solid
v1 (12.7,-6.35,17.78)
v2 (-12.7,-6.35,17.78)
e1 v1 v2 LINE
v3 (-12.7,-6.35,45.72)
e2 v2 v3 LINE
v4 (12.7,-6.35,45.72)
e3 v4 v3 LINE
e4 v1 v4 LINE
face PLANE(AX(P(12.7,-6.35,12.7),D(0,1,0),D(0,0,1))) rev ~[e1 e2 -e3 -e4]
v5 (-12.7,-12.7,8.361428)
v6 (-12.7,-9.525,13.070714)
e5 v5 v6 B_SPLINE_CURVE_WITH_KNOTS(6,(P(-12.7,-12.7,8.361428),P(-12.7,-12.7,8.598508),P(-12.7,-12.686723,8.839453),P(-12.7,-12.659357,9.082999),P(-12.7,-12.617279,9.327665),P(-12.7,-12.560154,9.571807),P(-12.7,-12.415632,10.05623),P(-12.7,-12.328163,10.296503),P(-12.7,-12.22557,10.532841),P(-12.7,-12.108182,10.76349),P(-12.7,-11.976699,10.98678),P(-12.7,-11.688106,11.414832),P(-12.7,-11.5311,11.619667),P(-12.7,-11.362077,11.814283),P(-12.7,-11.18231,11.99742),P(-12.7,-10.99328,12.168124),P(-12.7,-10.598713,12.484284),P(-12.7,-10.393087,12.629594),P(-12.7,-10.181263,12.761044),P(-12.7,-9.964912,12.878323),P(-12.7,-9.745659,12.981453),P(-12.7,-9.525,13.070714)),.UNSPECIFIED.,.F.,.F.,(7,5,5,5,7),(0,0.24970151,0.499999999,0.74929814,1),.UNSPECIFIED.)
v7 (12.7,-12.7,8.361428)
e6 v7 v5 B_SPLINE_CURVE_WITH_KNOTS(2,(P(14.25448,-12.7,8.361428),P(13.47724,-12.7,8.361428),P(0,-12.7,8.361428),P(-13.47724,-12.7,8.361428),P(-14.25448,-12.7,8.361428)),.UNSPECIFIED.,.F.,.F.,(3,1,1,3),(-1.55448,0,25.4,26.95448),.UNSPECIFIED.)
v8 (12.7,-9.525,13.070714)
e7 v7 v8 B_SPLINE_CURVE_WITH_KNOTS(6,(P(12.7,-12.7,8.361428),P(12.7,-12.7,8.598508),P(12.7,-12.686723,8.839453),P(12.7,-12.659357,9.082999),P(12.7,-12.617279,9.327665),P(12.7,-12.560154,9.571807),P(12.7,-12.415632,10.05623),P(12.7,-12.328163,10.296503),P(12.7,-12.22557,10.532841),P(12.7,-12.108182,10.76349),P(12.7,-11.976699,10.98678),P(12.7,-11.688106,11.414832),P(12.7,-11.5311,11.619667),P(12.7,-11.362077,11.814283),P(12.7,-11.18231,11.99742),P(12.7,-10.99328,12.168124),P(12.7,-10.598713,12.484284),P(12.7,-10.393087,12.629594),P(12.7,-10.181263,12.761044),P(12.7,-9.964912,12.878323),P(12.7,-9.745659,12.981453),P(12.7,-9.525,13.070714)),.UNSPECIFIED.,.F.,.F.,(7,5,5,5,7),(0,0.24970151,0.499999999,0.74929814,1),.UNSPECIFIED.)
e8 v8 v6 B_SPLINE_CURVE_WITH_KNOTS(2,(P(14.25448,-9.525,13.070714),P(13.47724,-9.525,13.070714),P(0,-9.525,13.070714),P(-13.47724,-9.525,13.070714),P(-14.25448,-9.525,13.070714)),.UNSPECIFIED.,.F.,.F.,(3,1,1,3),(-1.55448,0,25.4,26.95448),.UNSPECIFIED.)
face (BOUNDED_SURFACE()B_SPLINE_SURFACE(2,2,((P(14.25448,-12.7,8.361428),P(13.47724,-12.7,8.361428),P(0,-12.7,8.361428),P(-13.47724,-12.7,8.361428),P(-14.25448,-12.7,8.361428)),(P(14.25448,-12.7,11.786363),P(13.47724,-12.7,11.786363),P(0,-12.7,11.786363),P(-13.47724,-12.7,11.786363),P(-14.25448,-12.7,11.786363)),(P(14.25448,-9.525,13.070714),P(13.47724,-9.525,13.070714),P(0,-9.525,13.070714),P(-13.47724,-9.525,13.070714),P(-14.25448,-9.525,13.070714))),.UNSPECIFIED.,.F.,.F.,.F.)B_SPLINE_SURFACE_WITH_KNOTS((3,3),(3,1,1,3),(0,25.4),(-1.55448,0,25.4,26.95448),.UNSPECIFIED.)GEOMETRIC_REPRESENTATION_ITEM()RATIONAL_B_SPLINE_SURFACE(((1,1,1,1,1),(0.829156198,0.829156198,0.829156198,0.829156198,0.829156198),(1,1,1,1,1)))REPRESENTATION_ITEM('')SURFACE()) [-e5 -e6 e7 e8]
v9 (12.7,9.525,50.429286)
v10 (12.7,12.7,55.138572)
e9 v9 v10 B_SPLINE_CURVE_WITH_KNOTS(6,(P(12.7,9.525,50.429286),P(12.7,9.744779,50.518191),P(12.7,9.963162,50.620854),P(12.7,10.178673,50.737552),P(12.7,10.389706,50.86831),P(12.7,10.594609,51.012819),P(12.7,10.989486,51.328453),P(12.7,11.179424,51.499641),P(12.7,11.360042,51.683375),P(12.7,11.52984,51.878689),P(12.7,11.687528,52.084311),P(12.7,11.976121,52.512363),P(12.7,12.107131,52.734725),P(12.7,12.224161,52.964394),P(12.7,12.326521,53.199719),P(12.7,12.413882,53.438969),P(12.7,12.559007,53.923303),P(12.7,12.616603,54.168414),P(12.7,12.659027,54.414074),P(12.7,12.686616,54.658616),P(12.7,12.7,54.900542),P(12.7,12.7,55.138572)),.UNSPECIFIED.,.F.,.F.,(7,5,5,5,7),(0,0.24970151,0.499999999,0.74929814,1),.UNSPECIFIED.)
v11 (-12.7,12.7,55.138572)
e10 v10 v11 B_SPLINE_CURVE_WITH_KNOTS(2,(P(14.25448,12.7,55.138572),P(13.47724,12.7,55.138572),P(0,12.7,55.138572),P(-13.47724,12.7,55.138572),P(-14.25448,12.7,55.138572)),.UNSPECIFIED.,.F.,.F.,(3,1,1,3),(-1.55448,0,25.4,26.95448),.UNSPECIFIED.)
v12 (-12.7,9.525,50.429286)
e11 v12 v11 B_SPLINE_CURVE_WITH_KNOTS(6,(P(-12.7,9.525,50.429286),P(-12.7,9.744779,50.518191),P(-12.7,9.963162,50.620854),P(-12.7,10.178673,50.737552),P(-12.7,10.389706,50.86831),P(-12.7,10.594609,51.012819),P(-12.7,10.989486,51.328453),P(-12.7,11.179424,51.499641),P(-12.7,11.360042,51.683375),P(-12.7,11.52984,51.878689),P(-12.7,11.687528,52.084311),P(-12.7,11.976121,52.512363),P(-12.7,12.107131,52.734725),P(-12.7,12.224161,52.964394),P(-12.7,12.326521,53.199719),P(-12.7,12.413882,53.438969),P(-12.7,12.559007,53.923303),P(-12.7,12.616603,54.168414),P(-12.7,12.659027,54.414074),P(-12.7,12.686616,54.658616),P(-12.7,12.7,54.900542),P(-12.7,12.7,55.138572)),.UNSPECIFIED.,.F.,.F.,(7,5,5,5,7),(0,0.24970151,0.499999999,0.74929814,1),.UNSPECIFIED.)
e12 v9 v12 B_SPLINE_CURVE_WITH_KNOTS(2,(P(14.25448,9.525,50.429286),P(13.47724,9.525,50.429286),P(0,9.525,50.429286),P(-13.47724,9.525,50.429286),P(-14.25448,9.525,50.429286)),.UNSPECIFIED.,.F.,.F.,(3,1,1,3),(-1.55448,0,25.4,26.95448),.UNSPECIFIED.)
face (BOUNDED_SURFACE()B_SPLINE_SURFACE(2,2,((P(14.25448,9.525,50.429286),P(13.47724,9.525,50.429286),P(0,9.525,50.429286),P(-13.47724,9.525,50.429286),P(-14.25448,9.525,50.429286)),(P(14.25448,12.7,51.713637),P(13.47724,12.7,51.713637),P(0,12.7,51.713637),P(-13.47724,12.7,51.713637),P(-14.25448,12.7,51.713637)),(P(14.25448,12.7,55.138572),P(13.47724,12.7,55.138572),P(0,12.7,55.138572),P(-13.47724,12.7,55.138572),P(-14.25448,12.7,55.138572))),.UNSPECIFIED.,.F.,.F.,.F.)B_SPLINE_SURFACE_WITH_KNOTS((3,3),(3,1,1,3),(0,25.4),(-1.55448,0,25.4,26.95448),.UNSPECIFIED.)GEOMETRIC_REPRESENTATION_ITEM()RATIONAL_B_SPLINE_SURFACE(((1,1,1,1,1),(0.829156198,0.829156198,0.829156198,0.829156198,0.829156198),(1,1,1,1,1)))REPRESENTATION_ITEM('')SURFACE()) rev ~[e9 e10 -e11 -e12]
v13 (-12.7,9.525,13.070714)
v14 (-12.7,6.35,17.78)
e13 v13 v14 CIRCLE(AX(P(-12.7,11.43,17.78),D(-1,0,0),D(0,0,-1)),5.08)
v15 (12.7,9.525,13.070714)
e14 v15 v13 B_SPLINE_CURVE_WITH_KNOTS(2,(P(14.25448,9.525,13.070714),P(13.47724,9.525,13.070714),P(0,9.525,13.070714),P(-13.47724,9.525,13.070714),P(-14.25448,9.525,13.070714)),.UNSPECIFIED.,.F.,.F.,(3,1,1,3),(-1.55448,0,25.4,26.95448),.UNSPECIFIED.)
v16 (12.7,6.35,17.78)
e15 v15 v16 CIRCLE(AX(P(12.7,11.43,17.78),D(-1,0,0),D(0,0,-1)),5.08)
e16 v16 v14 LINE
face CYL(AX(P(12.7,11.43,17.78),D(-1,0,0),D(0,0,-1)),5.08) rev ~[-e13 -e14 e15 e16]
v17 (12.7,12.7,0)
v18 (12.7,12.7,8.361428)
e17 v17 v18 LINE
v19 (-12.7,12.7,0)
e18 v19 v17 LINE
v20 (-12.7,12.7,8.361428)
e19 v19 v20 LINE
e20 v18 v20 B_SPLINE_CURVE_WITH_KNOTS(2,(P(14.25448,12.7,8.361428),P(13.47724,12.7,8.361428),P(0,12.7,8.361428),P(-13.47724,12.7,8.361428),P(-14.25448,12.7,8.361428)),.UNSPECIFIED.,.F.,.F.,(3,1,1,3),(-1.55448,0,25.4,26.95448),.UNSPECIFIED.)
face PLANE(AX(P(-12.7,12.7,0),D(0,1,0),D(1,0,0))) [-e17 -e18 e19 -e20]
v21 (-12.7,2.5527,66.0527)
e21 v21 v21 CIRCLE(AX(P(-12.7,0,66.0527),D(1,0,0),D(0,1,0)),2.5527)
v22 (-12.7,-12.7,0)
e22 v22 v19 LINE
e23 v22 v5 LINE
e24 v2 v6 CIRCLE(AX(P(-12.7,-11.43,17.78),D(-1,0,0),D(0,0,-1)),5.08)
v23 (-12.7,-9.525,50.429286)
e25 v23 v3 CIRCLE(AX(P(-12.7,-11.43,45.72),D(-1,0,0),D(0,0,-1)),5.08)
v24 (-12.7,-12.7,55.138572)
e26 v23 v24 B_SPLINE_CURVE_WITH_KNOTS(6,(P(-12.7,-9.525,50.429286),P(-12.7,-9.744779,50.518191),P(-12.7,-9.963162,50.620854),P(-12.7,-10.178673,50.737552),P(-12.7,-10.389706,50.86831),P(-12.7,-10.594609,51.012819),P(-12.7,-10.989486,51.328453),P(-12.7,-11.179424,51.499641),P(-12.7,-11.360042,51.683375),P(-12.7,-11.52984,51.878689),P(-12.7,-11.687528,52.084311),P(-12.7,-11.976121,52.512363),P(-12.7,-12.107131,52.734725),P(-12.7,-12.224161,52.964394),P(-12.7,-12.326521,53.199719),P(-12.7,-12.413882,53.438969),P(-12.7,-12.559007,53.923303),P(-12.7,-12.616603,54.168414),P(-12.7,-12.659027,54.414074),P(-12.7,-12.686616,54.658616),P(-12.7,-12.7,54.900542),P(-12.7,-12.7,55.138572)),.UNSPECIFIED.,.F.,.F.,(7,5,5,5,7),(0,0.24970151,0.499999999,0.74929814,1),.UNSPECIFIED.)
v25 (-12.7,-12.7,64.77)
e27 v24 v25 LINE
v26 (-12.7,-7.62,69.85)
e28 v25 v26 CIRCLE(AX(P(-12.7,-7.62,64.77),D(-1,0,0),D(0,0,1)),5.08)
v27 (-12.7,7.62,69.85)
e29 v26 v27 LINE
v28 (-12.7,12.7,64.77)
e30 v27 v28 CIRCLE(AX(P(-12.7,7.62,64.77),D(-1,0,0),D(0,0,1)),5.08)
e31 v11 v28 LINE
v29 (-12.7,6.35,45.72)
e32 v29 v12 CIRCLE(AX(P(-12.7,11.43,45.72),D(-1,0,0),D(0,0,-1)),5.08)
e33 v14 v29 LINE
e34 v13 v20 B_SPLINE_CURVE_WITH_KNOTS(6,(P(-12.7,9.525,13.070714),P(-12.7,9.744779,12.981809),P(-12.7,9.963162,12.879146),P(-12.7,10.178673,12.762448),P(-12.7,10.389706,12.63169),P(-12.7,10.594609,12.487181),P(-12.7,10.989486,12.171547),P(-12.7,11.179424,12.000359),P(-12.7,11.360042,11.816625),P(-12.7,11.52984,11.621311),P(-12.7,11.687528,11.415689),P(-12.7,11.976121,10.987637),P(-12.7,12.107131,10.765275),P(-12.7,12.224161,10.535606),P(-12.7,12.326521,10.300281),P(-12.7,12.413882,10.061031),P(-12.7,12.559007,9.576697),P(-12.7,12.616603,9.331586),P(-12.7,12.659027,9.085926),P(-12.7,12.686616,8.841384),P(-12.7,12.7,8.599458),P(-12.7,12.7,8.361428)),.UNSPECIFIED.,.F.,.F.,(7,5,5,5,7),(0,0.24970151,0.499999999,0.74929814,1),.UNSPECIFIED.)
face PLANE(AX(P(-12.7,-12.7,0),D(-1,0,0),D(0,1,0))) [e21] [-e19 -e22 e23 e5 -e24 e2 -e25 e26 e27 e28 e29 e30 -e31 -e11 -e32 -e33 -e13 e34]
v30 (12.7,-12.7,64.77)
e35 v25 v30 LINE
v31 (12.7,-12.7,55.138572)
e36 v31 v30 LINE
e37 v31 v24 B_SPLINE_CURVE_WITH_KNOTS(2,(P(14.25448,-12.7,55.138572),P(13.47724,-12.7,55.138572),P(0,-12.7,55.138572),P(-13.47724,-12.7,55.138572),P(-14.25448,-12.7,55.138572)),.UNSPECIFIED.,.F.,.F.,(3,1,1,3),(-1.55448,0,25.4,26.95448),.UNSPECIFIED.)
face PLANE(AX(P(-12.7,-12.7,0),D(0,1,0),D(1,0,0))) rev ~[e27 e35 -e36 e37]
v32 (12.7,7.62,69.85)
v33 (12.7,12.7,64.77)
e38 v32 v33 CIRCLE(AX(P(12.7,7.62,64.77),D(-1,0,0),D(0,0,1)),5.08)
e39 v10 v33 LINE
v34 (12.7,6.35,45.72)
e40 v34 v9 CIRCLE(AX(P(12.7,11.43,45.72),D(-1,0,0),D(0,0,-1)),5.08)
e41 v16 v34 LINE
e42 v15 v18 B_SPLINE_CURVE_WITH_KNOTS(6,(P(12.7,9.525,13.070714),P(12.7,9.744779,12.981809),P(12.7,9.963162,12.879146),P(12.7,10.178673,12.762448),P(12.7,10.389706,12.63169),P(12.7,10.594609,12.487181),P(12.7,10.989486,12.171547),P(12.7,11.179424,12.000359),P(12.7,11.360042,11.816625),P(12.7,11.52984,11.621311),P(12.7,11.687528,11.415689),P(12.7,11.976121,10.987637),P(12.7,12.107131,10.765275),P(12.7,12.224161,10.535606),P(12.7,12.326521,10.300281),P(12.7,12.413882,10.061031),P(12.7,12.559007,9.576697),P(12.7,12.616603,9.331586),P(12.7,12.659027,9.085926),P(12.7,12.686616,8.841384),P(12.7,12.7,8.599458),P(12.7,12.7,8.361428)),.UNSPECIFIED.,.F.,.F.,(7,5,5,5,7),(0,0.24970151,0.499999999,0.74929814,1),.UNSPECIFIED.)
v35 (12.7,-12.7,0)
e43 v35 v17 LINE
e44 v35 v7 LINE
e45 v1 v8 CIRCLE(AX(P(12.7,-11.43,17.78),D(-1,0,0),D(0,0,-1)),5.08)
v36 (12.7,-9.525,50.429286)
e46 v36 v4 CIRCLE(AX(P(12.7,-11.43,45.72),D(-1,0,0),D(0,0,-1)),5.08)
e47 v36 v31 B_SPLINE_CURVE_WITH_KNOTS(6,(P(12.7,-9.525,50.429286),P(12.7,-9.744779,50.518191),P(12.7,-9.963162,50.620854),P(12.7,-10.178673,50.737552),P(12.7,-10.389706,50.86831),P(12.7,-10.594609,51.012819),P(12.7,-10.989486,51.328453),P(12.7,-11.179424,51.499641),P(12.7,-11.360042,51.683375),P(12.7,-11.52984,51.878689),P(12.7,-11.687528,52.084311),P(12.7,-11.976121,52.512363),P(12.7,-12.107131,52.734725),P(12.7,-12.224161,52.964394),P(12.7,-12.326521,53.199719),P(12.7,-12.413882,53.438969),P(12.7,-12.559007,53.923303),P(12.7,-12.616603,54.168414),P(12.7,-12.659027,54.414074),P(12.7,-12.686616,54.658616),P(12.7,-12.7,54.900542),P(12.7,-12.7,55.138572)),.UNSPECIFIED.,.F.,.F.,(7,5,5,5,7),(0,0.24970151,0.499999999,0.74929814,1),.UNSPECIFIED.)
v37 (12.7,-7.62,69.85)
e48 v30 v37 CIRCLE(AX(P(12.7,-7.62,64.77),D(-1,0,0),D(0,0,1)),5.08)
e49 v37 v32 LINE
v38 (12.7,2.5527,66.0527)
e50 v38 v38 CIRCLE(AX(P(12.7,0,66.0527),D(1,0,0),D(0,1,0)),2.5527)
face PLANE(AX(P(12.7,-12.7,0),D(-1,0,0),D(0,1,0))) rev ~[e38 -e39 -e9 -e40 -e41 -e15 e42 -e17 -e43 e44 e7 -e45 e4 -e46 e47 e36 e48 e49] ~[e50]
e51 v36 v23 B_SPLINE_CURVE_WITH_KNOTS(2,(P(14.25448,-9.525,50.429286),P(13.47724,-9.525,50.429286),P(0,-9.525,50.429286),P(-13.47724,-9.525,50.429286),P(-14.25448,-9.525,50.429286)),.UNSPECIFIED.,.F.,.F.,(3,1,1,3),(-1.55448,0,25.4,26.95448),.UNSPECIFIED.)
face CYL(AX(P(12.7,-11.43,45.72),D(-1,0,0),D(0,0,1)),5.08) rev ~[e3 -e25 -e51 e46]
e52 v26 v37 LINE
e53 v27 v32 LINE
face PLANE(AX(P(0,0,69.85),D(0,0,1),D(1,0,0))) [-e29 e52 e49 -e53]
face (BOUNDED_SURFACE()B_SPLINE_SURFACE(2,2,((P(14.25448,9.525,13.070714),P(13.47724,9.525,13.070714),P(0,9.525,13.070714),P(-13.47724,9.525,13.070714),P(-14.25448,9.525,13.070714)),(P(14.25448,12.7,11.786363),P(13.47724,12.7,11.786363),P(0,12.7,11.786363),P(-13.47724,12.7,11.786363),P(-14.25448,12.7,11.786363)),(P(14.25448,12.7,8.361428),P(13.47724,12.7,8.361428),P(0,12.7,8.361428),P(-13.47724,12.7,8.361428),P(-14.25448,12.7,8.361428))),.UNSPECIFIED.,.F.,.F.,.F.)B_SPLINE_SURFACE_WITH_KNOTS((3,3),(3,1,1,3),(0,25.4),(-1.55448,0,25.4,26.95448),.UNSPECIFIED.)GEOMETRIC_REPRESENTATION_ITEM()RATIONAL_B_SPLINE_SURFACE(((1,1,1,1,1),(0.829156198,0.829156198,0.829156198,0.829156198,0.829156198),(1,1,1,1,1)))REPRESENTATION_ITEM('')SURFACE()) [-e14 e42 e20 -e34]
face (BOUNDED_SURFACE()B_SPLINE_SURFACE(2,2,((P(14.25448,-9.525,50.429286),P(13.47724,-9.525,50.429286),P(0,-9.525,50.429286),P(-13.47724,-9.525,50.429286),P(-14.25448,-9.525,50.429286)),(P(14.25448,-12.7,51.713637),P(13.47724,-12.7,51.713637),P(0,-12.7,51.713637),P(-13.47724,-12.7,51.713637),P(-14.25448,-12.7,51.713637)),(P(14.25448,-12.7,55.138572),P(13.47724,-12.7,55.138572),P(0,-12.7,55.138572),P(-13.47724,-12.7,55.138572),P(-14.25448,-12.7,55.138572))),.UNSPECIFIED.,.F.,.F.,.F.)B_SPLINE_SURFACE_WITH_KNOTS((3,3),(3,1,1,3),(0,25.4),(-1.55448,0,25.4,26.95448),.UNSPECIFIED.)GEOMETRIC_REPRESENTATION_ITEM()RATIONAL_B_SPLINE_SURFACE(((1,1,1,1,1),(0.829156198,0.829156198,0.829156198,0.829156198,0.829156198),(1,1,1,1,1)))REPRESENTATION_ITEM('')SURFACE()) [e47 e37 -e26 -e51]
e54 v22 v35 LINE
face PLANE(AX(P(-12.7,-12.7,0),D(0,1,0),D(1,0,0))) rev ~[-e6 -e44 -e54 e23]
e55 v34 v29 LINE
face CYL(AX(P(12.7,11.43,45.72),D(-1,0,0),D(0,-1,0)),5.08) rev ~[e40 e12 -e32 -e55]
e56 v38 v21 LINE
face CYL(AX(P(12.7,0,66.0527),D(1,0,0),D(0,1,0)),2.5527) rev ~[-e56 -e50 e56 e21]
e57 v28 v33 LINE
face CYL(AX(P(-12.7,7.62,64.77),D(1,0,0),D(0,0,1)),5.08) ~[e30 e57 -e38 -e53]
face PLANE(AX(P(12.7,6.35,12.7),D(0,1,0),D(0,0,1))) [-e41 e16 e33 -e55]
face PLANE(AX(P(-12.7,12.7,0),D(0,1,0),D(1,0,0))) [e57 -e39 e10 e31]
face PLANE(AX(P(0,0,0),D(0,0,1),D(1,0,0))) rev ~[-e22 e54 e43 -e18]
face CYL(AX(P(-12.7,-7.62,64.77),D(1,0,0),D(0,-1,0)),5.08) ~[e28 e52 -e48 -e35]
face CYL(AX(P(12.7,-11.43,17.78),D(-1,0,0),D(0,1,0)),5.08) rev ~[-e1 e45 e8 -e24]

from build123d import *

# Parameters (mm, degrees)
F0_W     = 25.4
F0_H     = 25.4
F1_DEPTH = 69.85
F2_R     = 2.5527
F3_DEPTH = 25.4
F4_R     = 5.08
F5_W     = 6.35
F5_H     = 38.1
F6_DEPTH = 25.4
F7_R     = 5.08
F8_R     = 5.08


with BuildPart() as f1:
    # F0 (on Top) → F1 (new body)
    with BuildSketch(Plane.XY):
        Rectangle(F0_W, F0_H)
    extrude(amount=F1_DEPTH)

    # F2 (on face) → F3 (cut)
    with BuildSketch(Plane.YZ.offset(12.7)):
        with Locations((0, 66.0527)):
            Circle(F2_R)
    extrude(amount=-F3_DEPTH, mode=Mode.SUBTRACT)

    # F4
    f4_edges = [f1.edges().sort_by_distance(p)[0] for p in [
        (0, -12.7, 69.85),
        (0, 12.7, 69.85),
    ]]
    fillet(f4_edges, radius=F4_R)

    # F5 (on face) → F6 (cut)
    with BuildSketch(Plane.YZ.offset(12.7)):
        with Locations((-9.525, 31.75)):
            Rectangle(F5_W, F5_H)
        with Locations((9.525, 31.75)):
            Rectangle(F5_W, F5_H)
    extrude(amount=-F6_DEPTH, mode=Mode.SUBTRACT)

    # F7
    f7_edges = [f1.edges().sort_by_distance(p)[0] for p in [
        (0, 6.35, 50.8),
        (0, 6.35, 12.7),
        (0, -6.35, 50.8),
        (0, -6.35, 12.7),
    ]]
    fillet(f7_edges, radius=F7_R)

    # F8
    f8_edges = [f1.edges().sort_by_distance(p)[0] for p in [
        (0, -12.7, 12.7),
        (0, -12.7, 50.8),
        (0, 12.7, 12.7),
        (0, 12.7, 50.8),
    ]]
    fillet(f8_edges, radius=F8_R)


solid = f1.part
